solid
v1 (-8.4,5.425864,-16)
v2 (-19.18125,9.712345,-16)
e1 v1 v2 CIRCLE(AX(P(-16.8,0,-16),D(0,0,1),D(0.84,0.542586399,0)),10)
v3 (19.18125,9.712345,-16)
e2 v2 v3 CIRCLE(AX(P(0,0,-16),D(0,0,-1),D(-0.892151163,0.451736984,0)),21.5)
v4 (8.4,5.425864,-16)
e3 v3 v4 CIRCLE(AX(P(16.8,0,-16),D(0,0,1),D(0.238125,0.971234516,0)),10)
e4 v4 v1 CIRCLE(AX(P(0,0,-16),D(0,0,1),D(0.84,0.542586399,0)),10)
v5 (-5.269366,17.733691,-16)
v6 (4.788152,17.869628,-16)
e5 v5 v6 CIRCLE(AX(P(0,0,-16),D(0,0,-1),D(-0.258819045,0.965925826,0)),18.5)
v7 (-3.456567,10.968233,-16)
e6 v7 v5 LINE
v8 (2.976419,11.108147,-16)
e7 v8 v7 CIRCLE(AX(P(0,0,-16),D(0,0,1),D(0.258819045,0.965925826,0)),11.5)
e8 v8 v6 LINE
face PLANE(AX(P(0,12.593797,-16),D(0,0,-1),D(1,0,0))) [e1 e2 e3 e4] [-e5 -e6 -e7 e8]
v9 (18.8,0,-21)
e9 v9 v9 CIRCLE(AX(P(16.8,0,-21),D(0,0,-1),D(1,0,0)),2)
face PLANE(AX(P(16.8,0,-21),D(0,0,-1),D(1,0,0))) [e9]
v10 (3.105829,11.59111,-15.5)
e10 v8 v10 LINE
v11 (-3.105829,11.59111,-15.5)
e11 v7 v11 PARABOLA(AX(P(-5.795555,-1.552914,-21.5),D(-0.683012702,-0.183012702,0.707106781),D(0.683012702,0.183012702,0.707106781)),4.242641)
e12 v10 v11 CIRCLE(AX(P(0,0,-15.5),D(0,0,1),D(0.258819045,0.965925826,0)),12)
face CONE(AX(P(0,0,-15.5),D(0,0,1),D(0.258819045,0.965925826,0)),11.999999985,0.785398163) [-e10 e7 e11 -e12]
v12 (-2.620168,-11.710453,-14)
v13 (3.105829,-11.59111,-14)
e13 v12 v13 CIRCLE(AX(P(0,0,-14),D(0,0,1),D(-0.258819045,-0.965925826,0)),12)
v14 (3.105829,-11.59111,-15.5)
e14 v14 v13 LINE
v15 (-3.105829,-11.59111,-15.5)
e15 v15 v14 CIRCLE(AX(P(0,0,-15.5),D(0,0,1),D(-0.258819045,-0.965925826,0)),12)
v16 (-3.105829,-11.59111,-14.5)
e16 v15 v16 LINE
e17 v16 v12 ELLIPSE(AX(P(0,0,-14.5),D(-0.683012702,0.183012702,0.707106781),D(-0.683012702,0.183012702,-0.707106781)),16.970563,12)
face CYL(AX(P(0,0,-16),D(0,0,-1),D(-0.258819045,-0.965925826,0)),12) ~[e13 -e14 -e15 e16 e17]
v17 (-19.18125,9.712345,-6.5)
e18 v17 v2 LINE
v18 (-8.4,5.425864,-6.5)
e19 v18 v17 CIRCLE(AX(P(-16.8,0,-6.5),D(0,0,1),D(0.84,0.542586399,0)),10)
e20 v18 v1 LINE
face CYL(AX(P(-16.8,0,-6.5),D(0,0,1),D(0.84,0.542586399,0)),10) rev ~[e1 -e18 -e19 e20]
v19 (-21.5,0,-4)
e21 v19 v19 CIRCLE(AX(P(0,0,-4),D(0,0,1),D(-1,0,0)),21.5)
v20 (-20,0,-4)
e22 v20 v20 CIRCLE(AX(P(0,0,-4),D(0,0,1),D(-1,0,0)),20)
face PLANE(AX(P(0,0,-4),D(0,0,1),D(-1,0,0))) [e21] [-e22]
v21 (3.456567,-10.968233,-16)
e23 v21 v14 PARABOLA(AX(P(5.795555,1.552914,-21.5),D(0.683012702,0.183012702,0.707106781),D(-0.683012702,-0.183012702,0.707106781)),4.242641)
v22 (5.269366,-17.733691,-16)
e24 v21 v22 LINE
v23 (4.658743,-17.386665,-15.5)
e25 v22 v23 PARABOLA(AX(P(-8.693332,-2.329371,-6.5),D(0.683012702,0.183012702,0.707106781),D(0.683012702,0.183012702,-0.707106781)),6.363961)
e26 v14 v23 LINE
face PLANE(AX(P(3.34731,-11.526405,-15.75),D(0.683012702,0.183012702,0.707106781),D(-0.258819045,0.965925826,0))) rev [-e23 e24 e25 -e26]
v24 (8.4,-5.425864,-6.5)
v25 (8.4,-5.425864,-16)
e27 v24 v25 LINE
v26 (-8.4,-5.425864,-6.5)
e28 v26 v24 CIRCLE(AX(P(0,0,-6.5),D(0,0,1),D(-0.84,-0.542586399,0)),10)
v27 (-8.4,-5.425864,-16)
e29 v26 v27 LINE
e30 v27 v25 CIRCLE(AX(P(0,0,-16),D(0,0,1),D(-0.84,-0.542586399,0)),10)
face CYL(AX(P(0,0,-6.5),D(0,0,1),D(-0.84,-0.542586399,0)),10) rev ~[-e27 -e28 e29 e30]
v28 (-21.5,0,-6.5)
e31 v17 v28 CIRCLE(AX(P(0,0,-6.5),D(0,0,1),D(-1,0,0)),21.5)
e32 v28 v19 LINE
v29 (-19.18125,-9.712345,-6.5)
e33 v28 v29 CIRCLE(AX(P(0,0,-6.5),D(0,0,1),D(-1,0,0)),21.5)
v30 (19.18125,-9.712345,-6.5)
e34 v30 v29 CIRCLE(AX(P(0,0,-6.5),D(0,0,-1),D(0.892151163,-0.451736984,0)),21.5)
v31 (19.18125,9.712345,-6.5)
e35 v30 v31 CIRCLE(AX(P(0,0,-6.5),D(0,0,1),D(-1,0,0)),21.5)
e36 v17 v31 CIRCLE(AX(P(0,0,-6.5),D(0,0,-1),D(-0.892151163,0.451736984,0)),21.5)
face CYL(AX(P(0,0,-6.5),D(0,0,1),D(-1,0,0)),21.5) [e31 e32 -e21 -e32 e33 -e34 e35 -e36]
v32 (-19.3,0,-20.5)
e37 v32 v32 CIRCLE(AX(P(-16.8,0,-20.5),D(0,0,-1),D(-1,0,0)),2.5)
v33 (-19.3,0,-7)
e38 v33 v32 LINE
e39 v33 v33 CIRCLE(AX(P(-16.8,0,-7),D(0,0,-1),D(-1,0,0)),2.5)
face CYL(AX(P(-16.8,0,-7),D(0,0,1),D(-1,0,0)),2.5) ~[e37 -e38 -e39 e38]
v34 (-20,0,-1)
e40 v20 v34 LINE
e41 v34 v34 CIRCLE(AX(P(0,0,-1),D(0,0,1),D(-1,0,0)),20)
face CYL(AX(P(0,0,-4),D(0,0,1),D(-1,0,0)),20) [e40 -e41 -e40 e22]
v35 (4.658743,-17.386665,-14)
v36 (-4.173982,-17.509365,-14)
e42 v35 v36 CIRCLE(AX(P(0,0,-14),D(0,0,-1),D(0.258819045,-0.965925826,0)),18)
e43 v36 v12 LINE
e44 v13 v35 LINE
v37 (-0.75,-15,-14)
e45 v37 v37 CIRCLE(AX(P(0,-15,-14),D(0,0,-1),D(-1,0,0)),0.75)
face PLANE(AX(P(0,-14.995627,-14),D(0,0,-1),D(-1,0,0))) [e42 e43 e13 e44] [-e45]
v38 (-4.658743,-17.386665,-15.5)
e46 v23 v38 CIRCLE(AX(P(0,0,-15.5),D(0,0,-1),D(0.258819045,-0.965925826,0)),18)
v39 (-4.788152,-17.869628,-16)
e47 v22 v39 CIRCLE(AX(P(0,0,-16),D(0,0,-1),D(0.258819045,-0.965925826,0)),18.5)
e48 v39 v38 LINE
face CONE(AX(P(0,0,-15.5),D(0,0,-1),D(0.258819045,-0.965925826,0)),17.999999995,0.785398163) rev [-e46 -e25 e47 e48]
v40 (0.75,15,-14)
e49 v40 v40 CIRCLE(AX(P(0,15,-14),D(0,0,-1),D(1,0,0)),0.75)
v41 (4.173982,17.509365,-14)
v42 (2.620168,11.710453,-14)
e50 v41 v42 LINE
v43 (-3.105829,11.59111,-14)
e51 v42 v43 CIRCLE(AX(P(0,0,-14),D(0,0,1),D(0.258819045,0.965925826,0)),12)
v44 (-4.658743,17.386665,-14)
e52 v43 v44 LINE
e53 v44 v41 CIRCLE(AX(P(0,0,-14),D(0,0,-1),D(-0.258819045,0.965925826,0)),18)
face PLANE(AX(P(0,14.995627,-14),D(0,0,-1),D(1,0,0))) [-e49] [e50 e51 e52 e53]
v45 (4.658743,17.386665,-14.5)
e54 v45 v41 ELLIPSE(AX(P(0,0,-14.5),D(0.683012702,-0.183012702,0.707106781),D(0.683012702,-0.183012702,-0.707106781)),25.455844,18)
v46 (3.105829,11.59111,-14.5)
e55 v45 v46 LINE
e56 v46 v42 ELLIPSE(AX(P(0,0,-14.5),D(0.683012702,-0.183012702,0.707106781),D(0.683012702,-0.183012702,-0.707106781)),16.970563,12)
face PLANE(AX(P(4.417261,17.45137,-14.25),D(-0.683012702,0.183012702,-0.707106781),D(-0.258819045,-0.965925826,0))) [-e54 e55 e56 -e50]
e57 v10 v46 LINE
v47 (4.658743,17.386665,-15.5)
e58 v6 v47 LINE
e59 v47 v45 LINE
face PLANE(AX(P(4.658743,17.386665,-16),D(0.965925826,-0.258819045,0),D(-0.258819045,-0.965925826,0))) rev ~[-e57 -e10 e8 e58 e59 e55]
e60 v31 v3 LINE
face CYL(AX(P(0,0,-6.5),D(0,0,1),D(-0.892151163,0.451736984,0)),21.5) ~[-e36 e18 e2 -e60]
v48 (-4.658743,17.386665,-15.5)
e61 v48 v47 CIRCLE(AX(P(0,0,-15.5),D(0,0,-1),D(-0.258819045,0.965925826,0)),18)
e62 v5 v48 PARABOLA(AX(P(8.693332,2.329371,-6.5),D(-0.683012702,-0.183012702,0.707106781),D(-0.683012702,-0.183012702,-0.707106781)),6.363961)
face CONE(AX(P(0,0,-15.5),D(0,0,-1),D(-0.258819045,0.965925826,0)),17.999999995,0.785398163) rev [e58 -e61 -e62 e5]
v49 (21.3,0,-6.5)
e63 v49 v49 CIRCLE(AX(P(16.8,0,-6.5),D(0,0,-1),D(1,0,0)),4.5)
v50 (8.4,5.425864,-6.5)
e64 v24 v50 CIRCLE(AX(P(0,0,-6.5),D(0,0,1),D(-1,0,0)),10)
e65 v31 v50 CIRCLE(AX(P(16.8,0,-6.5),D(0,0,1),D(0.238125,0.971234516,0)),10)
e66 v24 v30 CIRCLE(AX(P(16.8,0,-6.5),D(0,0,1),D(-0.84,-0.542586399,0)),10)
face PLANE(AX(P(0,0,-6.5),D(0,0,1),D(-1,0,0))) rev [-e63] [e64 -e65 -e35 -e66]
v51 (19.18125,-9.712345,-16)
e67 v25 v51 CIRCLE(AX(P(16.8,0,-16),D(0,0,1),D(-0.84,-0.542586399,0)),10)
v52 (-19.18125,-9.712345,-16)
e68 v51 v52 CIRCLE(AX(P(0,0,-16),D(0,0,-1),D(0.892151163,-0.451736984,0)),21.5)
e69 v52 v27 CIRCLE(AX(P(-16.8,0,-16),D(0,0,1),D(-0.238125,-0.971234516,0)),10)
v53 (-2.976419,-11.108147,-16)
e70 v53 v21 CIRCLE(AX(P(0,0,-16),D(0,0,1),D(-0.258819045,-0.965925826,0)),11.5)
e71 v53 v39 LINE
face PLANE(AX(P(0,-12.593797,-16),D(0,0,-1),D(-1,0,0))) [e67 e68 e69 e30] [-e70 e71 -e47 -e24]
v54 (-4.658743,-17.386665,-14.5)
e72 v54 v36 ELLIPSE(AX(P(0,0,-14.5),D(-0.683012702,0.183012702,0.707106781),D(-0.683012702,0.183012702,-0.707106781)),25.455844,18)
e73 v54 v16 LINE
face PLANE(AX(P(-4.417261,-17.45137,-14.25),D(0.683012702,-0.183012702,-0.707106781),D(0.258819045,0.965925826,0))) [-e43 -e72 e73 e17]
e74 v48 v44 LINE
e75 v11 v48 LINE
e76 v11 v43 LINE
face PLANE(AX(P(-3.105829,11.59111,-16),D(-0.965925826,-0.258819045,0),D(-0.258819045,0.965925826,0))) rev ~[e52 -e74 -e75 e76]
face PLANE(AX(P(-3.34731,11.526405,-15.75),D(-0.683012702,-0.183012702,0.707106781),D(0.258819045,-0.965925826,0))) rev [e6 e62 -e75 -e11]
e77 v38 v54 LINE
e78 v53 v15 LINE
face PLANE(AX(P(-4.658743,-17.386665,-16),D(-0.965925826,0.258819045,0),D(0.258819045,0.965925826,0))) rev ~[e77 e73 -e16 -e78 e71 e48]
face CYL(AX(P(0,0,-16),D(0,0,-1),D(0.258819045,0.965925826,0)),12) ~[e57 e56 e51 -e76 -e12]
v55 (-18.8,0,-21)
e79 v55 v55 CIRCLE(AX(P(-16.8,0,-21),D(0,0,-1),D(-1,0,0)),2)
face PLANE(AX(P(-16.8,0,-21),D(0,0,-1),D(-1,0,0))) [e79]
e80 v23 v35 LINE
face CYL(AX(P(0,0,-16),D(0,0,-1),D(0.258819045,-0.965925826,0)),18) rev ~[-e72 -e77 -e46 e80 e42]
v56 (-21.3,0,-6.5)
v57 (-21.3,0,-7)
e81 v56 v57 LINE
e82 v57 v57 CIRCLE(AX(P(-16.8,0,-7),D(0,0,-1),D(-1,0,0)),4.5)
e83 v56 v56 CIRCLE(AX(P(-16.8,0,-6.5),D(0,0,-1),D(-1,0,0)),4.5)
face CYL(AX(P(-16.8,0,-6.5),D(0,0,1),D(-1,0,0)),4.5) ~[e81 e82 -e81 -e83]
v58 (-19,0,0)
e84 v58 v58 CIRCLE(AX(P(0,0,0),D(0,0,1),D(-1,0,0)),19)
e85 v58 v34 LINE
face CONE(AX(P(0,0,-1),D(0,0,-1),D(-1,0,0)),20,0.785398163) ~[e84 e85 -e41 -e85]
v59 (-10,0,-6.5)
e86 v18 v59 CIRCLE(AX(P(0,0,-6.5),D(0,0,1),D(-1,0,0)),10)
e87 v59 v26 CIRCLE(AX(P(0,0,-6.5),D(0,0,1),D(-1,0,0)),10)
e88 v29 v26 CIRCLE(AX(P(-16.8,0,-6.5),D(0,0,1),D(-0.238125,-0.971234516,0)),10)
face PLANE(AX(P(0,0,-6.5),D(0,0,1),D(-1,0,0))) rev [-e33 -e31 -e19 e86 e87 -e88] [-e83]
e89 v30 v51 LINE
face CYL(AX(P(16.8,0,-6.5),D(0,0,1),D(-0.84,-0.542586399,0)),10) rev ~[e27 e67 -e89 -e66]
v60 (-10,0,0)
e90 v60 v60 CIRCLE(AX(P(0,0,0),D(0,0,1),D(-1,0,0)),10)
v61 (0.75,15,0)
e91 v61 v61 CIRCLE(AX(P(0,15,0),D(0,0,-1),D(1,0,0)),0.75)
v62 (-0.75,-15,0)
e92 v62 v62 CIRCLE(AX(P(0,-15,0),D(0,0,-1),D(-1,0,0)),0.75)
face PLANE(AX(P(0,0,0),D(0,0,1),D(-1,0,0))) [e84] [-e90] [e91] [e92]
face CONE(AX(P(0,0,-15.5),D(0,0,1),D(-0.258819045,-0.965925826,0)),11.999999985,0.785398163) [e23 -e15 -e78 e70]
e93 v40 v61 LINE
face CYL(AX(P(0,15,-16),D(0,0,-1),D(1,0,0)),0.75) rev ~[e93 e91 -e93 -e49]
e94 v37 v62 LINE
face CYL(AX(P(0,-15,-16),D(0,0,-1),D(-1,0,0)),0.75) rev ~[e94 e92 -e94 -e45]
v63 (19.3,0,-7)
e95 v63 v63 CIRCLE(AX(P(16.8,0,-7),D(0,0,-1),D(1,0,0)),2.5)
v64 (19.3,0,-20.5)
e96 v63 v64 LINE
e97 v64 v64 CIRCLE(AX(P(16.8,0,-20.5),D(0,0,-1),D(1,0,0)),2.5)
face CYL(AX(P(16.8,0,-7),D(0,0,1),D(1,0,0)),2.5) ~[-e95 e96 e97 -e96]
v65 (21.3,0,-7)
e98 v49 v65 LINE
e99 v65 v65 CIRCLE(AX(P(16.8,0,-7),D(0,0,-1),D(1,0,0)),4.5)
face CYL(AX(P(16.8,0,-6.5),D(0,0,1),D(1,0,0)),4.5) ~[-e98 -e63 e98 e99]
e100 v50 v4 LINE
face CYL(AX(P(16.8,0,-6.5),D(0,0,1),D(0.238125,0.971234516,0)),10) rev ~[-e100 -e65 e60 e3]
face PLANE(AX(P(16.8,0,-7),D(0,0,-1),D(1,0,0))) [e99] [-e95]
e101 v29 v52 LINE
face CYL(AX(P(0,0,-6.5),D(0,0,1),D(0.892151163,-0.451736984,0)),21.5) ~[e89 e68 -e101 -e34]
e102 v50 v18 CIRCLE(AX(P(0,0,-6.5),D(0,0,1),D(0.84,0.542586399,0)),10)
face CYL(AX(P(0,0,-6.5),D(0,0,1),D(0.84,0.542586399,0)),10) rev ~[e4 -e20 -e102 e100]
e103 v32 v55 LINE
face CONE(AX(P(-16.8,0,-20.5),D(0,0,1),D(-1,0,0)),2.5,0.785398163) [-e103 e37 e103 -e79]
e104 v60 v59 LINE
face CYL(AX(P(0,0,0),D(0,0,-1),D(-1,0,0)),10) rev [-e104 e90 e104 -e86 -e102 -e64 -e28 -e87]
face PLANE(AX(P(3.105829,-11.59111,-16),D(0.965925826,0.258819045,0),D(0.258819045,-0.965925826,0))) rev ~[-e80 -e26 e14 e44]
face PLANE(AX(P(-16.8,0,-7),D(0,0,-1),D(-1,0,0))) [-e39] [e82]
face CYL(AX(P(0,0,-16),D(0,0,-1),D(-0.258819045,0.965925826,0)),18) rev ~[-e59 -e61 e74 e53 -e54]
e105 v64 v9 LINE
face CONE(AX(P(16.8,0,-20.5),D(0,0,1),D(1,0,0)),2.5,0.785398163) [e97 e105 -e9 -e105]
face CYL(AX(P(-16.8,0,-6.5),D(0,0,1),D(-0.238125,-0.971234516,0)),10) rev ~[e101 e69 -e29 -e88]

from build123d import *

# Parameters (mm, degrees)
CHAMFER1_SIZE                = 1
SKETCH3_R                    = 4.5
BOSS_EXTRUDE2_DEPTH          = 0.5
SKETCH4_R                    = 2.5
BOSS_EXTRUDE3_DEPTH          = 14
CHAMFER2_SIZE                = 0.5
CIRPATTERN1_COUNT            = 2
CHAMFER2_OF_CIRPATTERN1_SIZE = 0.5
BOSS_EXTRUDE4_DEPTH          = 9.5
SKETCH6_R                    = 0.75
CUT_EXTRUDE2_DEPTH           = 2
SKETCH6_3_R                  = 0.75
CUT_EXTRUDE3_DEPTH           = 35.358405085
CHAMFER3_SIZE                = 0.5
CIRPATTERN2_COUNT            = 2
CHAMFER3_OF_CIRPATTERN2_SIZE = 0.5


with BuildPart() as part:
    # Sketch1 → Revolve1 (revolve)
    with BuildSketch(Plane(origin=(0, 0, 0), x_dir=(0, 0, -1), z_dir=(1, 0, 0)), mode=Mode.PRIVATE) as revolve1_sk:
        Polygon((0, 20), (0, 10), (6.5, 10), (6.5, 13.235638921), (6.5, 20.468347011), (6.5, 21.5), (4, 21.5), (4, 20), align=None)
    revolve(revolve1_sk.sketch.rotate(Axis((0, 0, 0), (0, 0, 1)), 90), axis=Axis((0, 0, 0), (0, 0, 1)))

    # Chamfer1
    chamfer1_edges = [part.edges().sort_by_distance(p)[0] for p in [
        (20, 0, 0),
    ]]
    chamfer(chamfer1_edges, length=CHAMFER1_SIZE)

    # Sketch3 → Boss-Extrude2 (add)
    with BuildSketch(Plane(origin=(0, 0, -6.5), x_dir=(-1, 0, 0), z_dir=(0, 0, -1))):
        with Locations((16.8, 0)):
            Circle(SKETCH3_R)
    boss_extrude2 = extrude(amount=BOSS_EXTRUDE2_DEPTH)

    # Sketch4 → Boss-Extrude3 (add)
    with BuildSketch(Plane(origin=(0, 0, -7), x_dir=(-1, 0, 0), z_dir=(0, 0, -1))):
        with Locations((16.8, 0)):
            Circle(SKETCH4_R)
    boss_extrude3 = extrude(amount=BOSS_EXTRUDE3_DEPTH)

    # Chamfer2
    chamfer2_edges = [part.edges().sort_by_distance(p)[0] for p in [
        (-14.3, 0, -21),
    ]]
    chamfer(chamfer2_edges, length=CHAMFER2_SIZE)

    # CirPattern1: Boss-Extrude2, Boss-Extrude3 ×2 about axis
    cirpattern1_axis = Axis((0, 0, 0), (0, 0, 1))
    add([boss_extrude2.rotate(cirpattern1_axis, i * 360 / CIRPATTERN1_COUNT) for i in range(1, CIRPATTERN1_COUNT)])
    add([boss_extrude3.rotate(cirpattern1_axis, i * 360 / CIRPATTERN1_COUNT) for i in range(1, CIRPATTERN1_COUNT)])

    # Chamfer2 of CirPattern1
    chamfer2_of_cirpattern1_edges = [part.edges().sort_by_distance(p)[0] for p in [
        (14.3, 0, -21),
    ]]
    chamfer(chamfer2_of_cirpattern1_edges, length=CHAMFER2_OF_CIRPATTERN1_SIZE)

    # Sketch5 → Boss-Extrude4 (add)
    with BuildSketch(Plane(origin=(0, 0, -6.5), x_dir=(-1, 0, 0), z_dir=(0, 0, -1))):
        with BuildLine():
            ThreePointArc((-8.4, -5.425863987), (-13.105433977, -9.292479858), (-19.18125, -9.712345156))
            ThreePointArc((-19.18125, -9.712345156), (0, -21.5), (19.18125, -9.712345156))
            ThreePointArc((19.18125, -9.712345156), (13.105433977, -9.292479858), (8.4, -5.425863987))
            ThreePointArc((8.4, -5.425863987), (0, -10), (-8.4, -5.425863987))
        make_face()
    boss_extrude4 = extrude(amount=BOSS_EXTRUDE4_DEPTH)

    # Sketch6 → Cut-Extrude2 (cut)
    # profile 1 of 2: a face of its own
    with BuildSketch(Plane(origin=(0, 0, -16), x_dir=(-1, 0, 0), z_dir=(0, 0, -1))):
        with BuildLine():
            ThreePointArc((3.105828541, -11.591109915), (0, -12), (-3.105828541, -11.591109915))
            Line((-3.105828541, -11.591109915), (-4.658742812, -17.386664873))
            ThreePointArc((-4.658742812, -17.386664873), (0, -18), (4.658742812, -17.386664873))
            Line((4.658742812, -17.386664873), (3.105828541, -11.591109915))
        make_face()
        with Locations((0, -15)):
            Circle(SKETCH6_R, mode=Mode.SUBTRACT)
    # profile 2 of 2: a face of its own
    with BuildSketch(Plane(origin=(0, 0, -16), x_dir=(-1, 0, 0), z_dir=(0, 0, -1))):
        with Locations((0, -15)):
            Circle(SKETCH6_R)
    cut_extrude2 = extrude(amount=-CUT_EXTRUDE2_DEPTH, mode=Mode.SUBTRACT)

    # Sketch6<3> → Cut-Extrude3 (cut, through all)
    with BuildSketch(Plane(origin=(0, 0, -16), x_dir=(-1, 0, 0), z_dir=(0, 0, -1))):
        with Locations((0, -15)):
            Circle(SKETCH6_3_R)
    cut_extrude3 = extrude(amount=-CUT_EXTRUDE3_DEPTH, mode=Mode.SUBTRACT)

    # Chamfer3
    chamfer3_edges = [part.edges().sort_by_distance(p)[0] for p in [
        (0, -12, -16),
        (-3.882285677, -14.488887394, -14),
        (3.882285677, -14.488887394, -16),
        (0, -18, -16),
    ]]
    chamfer(chamfer3_edges, length=CHAMFER3_SIZE)

    # CirPattern2: Boss-Extrude4, Cut-Extrude2, Cut-Extrude3 ×2 about axis
    cirpattern2_axis = Axis((0, 0, 0), (0, 0, 1))
    add([boss_extrude4.rotate(cirpattern2_axis, i * 360 / CIRPATTERN2_COUNT) for i in range(1, CIRPATTERN2_COUNT)])
    add([cut_extrude2.rotate(cirpattern2_axis, i * 360 / CIRPATTERN2_COUNT) for i in range(1, CIRPATTERN2_COUNT)], mode=Mode.SUBTRACT)
    add([cut_extrude3.rotate(cirpattern2_axis, i * 360 / CIRPATTERN2_COUNT) for i in range(1, CIRPATTERN2_COUNT)], mode=Mode.SUBTRACT)

    # Chamfer3 of CirPattern2
    chamfer3_of_cirpattern2_edges = [part.edges().sort_by_distance(p)[0] for p in [
        (0, 12, -16),
        (3.882285677, 14.488887394, -14),
        (-3.882285677, 14.488887394, -16),
        (0, 18, -16),
    ]]
    chamfer(chamfer3_of_cirpattern2_edges, length=CHAMFER3_OF_CIRPATTERN2_SIZE)


solid = part.part
